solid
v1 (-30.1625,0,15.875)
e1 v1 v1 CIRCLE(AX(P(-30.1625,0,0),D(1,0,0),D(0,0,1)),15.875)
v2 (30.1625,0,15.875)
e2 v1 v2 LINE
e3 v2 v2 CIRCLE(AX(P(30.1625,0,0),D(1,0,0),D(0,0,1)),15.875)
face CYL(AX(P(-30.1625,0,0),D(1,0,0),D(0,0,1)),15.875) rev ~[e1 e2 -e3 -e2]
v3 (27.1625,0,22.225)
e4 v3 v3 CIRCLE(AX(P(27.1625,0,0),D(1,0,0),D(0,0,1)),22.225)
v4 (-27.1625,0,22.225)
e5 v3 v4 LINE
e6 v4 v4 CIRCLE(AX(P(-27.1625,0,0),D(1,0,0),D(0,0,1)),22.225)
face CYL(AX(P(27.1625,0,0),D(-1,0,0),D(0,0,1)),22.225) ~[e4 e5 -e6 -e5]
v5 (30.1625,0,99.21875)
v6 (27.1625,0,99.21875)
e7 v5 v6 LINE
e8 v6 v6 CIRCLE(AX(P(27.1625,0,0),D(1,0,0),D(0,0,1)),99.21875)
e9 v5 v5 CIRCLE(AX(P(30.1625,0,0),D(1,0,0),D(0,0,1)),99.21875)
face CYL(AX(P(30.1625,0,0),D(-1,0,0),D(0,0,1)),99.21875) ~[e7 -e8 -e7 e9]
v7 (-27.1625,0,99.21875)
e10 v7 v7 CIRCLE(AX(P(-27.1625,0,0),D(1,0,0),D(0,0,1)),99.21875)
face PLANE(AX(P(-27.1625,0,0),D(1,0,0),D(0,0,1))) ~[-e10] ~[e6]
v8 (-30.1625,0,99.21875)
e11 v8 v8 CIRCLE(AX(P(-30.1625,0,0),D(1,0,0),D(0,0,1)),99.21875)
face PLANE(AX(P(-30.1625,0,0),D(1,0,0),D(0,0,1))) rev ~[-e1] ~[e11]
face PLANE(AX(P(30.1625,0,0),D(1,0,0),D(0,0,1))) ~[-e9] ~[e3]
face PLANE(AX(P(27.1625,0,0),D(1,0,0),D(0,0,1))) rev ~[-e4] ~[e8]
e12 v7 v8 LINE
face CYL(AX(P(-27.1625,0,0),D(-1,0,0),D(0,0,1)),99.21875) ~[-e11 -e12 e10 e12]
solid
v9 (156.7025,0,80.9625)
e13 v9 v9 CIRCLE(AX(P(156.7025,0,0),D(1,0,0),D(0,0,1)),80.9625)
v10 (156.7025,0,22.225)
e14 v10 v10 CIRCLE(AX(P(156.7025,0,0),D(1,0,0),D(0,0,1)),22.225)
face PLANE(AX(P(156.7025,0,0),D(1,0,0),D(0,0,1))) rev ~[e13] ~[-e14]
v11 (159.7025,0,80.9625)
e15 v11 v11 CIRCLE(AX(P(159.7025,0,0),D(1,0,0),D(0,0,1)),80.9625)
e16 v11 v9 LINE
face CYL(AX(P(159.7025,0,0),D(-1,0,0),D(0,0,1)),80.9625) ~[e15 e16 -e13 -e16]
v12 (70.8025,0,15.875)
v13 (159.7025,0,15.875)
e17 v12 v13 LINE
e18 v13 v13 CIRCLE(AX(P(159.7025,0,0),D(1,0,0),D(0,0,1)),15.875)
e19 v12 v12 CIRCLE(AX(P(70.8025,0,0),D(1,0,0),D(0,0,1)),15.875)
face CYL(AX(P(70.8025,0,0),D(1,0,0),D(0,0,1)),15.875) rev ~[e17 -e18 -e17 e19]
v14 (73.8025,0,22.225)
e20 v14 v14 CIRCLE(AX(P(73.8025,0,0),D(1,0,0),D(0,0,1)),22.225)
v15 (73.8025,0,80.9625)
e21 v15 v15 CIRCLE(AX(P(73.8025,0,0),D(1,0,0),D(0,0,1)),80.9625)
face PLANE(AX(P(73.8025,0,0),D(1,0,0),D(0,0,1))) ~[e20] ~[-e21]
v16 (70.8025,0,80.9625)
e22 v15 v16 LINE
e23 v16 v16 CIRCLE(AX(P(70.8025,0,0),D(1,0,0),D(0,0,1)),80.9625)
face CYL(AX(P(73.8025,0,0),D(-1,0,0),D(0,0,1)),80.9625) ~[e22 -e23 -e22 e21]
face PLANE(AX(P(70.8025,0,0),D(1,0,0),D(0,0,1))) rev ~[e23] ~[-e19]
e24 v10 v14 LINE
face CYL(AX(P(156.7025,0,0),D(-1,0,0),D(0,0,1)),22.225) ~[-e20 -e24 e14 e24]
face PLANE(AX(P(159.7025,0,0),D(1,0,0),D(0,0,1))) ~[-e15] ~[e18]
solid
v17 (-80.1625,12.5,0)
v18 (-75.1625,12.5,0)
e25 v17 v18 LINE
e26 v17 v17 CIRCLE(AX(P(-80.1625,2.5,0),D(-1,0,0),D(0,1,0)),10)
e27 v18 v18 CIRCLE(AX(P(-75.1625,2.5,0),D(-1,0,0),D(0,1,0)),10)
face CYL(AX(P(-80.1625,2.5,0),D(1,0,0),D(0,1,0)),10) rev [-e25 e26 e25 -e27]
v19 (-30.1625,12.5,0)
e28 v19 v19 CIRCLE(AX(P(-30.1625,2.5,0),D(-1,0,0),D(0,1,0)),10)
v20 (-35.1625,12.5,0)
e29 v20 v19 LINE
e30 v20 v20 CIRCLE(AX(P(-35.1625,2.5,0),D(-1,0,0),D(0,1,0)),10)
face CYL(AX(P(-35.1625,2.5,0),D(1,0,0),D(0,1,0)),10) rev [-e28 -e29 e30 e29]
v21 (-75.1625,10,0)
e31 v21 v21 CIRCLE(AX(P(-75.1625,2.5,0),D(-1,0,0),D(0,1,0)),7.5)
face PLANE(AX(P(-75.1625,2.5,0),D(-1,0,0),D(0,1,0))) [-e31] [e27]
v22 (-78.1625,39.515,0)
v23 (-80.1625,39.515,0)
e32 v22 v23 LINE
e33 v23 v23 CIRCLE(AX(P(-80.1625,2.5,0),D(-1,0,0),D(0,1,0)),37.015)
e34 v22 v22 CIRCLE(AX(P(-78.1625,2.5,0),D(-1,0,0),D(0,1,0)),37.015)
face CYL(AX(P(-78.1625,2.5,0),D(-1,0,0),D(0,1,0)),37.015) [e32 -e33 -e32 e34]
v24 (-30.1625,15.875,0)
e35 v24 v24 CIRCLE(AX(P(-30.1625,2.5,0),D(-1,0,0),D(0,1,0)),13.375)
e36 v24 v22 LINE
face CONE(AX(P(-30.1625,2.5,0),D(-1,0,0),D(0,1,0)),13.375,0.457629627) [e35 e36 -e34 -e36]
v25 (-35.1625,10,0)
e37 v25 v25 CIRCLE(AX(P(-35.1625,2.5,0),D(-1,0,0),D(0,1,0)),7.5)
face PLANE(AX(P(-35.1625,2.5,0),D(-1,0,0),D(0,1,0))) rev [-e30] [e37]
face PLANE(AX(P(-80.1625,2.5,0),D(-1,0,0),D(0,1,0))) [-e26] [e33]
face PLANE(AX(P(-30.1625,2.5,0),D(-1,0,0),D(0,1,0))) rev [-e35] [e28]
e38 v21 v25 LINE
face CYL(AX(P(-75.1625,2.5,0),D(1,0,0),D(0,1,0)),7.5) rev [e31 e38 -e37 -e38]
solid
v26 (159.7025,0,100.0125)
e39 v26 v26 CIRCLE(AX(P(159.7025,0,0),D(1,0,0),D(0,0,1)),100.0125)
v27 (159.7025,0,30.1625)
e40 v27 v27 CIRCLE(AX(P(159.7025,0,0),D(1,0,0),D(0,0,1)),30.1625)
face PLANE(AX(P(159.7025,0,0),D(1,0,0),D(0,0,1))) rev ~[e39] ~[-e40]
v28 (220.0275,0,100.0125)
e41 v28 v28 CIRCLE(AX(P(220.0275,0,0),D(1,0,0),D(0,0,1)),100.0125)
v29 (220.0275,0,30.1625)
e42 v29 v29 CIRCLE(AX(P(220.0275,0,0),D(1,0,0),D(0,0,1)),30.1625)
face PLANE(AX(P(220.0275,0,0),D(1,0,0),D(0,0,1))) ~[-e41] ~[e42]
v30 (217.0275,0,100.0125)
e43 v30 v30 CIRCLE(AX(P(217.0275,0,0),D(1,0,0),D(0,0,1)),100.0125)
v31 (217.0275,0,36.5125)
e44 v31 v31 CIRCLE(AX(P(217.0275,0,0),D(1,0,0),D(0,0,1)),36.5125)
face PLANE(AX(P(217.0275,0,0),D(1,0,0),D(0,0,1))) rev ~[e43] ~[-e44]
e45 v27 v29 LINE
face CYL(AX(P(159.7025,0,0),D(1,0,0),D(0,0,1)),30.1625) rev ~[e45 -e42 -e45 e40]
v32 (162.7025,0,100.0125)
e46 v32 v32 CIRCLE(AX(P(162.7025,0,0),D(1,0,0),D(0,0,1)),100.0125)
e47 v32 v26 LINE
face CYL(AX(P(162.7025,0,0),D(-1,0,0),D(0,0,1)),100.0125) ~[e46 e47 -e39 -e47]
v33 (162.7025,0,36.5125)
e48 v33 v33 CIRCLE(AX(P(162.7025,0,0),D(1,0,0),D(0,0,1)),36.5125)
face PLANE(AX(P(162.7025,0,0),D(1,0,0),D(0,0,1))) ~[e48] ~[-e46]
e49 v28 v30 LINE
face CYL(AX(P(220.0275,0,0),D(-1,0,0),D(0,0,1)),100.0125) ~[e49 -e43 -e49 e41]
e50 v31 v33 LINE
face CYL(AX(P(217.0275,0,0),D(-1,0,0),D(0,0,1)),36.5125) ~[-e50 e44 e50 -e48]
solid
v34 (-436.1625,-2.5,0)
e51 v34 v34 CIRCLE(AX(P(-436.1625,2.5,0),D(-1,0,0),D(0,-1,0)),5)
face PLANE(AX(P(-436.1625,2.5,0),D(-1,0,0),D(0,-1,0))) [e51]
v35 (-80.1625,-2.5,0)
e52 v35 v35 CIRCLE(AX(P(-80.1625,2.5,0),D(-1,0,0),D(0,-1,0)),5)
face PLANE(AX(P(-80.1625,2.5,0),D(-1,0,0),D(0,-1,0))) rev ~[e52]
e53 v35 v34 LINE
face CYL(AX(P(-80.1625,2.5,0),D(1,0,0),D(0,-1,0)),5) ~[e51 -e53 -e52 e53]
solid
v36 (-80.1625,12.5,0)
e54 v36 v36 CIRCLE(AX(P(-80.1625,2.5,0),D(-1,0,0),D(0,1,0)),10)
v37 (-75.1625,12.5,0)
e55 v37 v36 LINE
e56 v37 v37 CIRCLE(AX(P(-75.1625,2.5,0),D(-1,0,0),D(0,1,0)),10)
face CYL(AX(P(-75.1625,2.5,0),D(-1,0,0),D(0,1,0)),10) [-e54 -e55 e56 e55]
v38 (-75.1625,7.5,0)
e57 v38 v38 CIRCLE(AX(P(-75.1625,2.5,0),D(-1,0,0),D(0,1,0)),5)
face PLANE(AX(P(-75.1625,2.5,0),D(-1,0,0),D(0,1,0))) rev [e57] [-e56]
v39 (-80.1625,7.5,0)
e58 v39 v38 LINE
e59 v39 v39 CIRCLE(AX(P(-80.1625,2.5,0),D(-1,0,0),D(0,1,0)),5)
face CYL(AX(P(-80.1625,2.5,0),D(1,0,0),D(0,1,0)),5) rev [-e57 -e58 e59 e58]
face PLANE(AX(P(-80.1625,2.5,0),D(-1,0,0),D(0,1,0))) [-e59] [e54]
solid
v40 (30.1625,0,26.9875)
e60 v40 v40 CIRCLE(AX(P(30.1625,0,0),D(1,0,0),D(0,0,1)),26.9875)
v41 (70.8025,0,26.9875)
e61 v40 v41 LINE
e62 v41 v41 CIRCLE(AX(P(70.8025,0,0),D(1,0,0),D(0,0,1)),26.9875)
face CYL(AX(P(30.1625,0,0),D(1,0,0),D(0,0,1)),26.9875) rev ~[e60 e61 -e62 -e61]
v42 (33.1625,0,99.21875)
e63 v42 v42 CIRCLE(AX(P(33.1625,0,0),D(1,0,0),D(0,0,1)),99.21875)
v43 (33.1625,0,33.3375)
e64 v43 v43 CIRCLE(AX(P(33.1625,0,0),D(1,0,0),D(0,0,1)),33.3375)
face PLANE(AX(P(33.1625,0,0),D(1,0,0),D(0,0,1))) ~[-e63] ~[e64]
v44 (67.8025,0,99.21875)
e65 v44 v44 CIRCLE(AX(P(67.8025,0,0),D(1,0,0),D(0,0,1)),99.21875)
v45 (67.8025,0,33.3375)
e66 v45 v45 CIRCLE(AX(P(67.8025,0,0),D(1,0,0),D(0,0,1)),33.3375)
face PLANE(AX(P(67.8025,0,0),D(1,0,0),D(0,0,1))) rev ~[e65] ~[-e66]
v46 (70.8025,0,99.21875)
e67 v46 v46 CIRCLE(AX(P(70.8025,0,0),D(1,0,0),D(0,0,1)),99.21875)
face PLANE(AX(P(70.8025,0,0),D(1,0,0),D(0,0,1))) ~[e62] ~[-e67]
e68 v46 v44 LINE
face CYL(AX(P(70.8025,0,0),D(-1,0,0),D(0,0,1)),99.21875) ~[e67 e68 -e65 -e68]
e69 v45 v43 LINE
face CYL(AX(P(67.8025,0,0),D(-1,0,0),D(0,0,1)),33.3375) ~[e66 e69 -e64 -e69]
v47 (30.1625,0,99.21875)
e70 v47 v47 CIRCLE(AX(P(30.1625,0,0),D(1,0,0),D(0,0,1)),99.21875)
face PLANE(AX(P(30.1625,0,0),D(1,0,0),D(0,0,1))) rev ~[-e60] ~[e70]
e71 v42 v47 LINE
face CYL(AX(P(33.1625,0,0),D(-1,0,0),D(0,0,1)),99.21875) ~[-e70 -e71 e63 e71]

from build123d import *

# Parameters (mm, degrees)
F11_R     = 5
F12_DEPTH = 356


with BuildPart() as f1:
    # F0 (on Front) → F1 (revolve)
    with BuildSketch(Plane.XZ):
        Polygon((-27.1625, 99.21875), (-30.1625, 99.21875), (-30.1625, 15.875), (30.1625, 15.875), (30.1625, 99.21875), (27.1625, 99.21875), (27.1625, 22.225), (-27.1625, 22.225), align=None)
    revolve(axis=Axis((0, 0, 0), (1, 0, 0)))


with BuildPart() as f3:
    # F2 (on Front) → F3 (revolve)
    with BuildSketch(Plane.XZ):
        Polygon((33.1625, 99.21875), (30.1625, 99.21875), (30.1625, 26.9875), (70.8025, 26.9875), (70.8025, 99.21875), (67.8025, 99.21875), (67.8025, 33.3375), (33.1625, 33.3375), align=None)
    revolve(axis=Axis((50.4825, 0, 0), (1, 0, 0)))


with BuildPart() as f5:
    # F4 (on Front) → F5 (revolve)
    with BuildSketch(Plane.XZ):
        Polygon((73.8025, 80.9625), (70.8025, 80.9625), (70.8025, 15.875), (159.7025, 15.875), (159.7025, 80.9625), (156.7025, 80.9625), (156.7025, 22.225), (73.8025, 22.225), align=None)
    revolve(axis=Axis((115.2525, 0, 0), (1, 0, 0)))


with BuildPart() as f7:
    # F6 (on Front) → F7 (revolve)
    with BuildSketch(Plane.XZ):
        Polygon((162.7025, 100.0125), (159.7025, 100.0125), (159.7025, 30.1625), (220.0275, 30.1625), (220.0275, 100.0125), (217.0275, 100.0125), (217.0275, 36.5125), (162.7025, 36.5125), align=None)
    revolve(axis=Axis((189.865, 0, 0), (1, 0, 0)))


with BuildPart() as f9:
    # F8 (on Top) → F9 (revolve)
    with BuildSketch(Plane.XY):
        Polygon((-75.1625, 12.5), (-80.1625, 12.5), (-80.1625, 7.5), (-75.1625, 7.5), (-75.1625, 10), align=None)
    revolve(axis=Axis((-55.1625, 2.5, 0), (-1, 0, 0)))


with BuildPart() as f10:
    # F8 (on Top) → F10 (revolve)
    with BuildSketch(Plane.XY):
        Polygon((-78.1625, 39.515), (-80.1625, 39.515), (-80.1625, 12.5), (-75.1625, 12.5), (-75.1625, 10), (-35.1625, 10), (-35.1625, 12.5), (-30.1625, 12.5), (-30.1625, 15.875), align=None)
    revolve(axis=Axis((-55.1625, 2.5, 0), (-1, 0, 0)))


with BuildPart() as f12:
    # F11 (on face) → F12 (new body)
    with BuildSketch(Plane(origin=(-80.1625, 0, 0), x_dir=(0, -1, 0), z_dir=(-1, 0, 0))):
        with Locations((-2.5, 0)):
            Circle(F11_R)
    extrude(amount=F12_DEPTH)


solid = Compound([f1.part, f3.part, f5.part, f7.part, f9.part, f10.part, f12.part])
